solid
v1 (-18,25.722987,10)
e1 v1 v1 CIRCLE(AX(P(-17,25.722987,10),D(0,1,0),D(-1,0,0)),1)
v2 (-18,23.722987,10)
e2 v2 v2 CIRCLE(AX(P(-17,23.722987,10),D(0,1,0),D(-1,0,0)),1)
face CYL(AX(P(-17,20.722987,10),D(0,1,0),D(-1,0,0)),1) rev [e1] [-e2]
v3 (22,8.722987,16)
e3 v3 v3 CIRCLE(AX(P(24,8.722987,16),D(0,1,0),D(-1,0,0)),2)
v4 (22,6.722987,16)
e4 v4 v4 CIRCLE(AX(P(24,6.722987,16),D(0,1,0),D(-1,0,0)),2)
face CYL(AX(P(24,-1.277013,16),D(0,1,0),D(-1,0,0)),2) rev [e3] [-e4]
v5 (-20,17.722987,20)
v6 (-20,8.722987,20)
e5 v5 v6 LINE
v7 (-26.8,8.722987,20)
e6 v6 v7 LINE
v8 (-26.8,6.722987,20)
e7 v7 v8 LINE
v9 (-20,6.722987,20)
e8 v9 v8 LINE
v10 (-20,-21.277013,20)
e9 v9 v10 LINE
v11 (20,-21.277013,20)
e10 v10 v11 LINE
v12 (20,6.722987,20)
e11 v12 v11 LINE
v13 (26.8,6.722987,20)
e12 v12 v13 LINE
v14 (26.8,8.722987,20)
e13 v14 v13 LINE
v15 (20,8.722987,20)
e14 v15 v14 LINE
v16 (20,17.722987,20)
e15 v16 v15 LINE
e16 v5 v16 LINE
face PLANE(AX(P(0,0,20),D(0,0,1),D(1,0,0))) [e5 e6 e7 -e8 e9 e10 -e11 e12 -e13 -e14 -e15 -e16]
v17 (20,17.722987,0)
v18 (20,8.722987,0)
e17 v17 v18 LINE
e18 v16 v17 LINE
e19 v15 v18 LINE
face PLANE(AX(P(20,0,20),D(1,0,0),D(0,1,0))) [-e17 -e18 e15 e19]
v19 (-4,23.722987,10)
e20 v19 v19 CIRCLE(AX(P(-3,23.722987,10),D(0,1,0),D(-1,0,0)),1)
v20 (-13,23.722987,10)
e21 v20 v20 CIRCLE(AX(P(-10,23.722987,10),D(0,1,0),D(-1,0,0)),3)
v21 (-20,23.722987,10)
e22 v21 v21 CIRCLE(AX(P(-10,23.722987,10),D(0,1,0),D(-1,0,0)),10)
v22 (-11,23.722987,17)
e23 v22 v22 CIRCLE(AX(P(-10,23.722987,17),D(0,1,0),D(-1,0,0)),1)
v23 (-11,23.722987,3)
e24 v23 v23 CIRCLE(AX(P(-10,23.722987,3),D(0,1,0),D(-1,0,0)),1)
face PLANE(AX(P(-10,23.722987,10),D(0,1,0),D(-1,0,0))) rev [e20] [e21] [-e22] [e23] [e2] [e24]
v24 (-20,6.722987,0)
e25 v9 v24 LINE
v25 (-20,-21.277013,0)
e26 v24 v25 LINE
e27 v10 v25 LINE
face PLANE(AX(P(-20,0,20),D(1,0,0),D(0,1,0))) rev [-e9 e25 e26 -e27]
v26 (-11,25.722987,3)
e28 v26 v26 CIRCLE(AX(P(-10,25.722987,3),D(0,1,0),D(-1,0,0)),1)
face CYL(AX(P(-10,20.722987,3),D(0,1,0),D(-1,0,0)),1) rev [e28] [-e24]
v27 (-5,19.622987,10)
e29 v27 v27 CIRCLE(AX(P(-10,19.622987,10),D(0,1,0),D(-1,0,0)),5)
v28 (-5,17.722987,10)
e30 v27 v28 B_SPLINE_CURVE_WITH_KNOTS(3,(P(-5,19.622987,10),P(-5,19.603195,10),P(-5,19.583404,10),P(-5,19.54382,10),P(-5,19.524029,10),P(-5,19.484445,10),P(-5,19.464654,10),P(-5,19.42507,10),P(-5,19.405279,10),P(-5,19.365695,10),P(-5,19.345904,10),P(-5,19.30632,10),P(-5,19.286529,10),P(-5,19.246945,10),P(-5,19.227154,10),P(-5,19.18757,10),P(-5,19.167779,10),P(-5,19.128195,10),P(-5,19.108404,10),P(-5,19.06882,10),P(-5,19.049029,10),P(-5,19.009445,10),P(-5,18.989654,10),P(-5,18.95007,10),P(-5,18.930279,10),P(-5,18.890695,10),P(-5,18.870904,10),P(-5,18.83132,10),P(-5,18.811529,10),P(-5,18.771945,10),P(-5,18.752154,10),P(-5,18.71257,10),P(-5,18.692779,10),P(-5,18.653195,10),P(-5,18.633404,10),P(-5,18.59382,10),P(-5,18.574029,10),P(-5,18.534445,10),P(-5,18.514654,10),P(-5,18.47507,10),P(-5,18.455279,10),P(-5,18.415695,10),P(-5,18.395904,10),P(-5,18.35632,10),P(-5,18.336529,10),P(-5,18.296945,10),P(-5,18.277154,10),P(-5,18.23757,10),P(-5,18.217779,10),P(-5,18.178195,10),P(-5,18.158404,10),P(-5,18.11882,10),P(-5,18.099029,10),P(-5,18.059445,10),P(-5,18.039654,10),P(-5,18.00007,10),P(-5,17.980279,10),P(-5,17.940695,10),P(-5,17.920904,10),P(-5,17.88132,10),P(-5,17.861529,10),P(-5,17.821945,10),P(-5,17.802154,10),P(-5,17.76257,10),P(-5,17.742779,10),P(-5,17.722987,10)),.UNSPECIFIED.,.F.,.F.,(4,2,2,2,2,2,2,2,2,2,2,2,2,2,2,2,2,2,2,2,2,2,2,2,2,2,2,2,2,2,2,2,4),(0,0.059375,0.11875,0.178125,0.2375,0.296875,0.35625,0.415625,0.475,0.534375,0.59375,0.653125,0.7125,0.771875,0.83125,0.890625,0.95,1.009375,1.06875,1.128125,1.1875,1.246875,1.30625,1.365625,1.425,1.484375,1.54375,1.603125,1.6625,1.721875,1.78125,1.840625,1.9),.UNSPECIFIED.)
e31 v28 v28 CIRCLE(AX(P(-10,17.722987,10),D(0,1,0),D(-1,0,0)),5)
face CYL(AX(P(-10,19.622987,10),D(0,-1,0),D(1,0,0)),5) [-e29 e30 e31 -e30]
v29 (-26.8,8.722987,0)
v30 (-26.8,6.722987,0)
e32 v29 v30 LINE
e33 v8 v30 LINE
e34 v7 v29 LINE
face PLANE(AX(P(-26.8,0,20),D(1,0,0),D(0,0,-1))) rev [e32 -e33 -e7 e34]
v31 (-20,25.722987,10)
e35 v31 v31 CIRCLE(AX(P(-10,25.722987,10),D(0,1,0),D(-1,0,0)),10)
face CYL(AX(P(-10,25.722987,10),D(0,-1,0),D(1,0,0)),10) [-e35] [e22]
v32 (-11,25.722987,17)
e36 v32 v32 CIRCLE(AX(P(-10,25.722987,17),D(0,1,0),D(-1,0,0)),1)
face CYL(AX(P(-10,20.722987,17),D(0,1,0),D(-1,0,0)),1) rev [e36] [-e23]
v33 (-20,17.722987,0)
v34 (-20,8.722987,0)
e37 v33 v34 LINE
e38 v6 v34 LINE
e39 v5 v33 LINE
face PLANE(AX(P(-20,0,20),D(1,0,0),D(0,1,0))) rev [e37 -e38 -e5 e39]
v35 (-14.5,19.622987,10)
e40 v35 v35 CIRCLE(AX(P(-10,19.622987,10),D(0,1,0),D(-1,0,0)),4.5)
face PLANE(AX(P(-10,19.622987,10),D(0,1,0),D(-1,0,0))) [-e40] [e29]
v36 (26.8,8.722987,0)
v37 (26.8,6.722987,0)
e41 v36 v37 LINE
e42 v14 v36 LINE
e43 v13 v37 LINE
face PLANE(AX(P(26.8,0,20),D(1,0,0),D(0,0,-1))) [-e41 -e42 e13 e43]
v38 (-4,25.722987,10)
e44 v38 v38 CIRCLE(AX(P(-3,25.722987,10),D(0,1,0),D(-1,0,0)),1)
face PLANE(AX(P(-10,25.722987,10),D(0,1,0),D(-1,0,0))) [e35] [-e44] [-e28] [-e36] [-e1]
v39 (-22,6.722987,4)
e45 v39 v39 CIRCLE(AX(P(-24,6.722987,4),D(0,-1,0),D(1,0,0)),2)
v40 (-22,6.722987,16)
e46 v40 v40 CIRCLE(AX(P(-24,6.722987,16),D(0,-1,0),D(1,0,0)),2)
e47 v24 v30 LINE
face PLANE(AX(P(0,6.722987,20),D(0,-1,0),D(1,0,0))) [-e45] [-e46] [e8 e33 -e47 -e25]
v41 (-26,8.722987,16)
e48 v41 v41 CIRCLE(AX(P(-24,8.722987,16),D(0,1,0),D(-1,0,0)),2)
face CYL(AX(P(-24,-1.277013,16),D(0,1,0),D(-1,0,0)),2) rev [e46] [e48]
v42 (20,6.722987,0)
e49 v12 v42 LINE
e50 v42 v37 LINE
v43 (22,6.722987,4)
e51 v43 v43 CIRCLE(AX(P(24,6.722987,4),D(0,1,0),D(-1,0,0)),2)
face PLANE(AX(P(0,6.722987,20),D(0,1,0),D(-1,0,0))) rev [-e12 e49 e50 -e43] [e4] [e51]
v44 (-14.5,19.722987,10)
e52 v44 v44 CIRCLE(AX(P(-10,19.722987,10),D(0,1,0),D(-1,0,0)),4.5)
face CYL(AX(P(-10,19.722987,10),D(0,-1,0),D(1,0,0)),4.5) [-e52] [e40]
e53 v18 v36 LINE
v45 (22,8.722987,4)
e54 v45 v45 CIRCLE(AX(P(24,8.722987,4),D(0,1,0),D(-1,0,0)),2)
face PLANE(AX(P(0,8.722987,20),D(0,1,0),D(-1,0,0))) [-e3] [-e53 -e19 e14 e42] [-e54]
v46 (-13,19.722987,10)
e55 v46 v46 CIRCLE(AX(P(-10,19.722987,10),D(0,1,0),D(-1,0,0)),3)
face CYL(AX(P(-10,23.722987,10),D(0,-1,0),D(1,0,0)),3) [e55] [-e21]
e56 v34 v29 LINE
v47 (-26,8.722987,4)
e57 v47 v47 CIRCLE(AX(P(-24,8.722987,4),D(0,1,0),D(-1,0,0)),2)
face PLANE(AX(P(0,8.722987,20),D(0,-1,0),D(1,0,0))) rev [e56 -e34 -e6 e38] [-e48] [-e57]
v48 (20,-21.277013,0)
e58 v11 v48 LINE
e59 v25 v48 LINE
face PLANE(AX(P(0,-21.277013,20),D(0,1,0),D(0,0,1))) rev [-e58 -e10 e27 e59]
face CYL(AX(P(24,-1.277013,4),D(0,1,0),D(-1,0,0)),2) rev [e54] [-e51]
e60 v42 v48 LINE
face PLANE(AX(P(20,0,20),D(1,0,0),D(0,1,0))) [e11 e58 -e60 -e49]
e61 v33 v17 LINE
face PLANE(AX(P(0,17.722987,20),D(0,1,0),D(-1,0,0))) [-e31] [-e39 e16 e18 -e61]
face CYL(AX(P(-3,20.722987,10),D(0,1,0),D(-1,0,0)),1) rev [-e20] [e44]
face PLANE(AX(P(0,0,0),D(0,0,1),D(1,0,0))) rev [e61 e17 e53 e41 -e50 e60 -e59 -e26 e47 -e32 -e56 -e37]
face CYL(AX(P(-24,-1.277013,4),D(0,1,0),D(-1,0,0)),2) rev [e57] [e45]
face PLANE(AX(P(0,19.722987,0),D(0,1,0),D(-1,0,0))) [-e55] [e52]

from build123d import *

# Parameters (mm, degrees)
SKETCH1_W           = 6.8
SKETCH1_H           = 2
SKETCH1_W_2         = 40
SKETCH1_H_2         = 39
BOSS_EXTRUDE1_DEPTH = 20
SKETCH2_R           = 4.5
BOSS_EXTRUDE2_DEPTH = 2
SKETCH3_R           = 5
BOSS_EXTRUDE3_DEPTH = 1.9
SKETCH4_R           = 3
BOSS_EXTRUDE4_DEPTH = 4
SKETCH5_R           = 10
BOSS_EXTRUDE5_DEPTH = 2
SKETCH6_R           = 2
CUT_EXTRUDE1_DEPTH  = 10
SKETCH7_R           = 2
CUT_EXTRUDE2_DEPTH  = 10
CUT_EXTRUDE3_DEPTH  = 5


with BuildPart() as part:
    # Sketch1 → Boss-Extrude1 (new body)
    with BuildSketch(Plane.XY):
        with Locations((-23.4, 7.722986842)):
            Rectangle(SKETCH1_W, SKETCH1_H)
        with Locations((0, -1.777013158)):
            Rectangle(SKETCH1_W_2, SKETCH1_H_2)
        with Locations((23.4, 7.722986842)):
            Rectangle(SKETCH1_W, SKETCH1_H)
    extrude(amount=BOSS_EXTRUDE1_DEPTH)

    # Sketch2 → Boss-Extrude2 (add)
    with BuildSketch(Plane(origin=(0, 17.722986842, 0), x_dir=(1, 0, 0), z_dir=(0, 1, 0))):
        with Locations(Location((-10, -10, 0), (0, 0, 180))):
            Circle(SKETCH2_R)
    extrude(amount=BOSS_EXTRUDE2_DEPTH)

    # Sketch3 → Boss-Extrude3 (add)
    with BuildSketch(Plane(origin=(0, 17.722986842, 0), x_dir=(1, 0, 0), z_dir=(0, 1, 0))):
        with Locations((-10, -10)):
            Circle(SKETCH3_R)
    extrude(amount=BOSS_EXTRUDE3_DEPTH)

    # Sketch4 → Boss-Extrude4 (add)
    with BuildSketch(Plane(origin=(0, 19.722986842, 0), x_dir=(1, 0, 0), z_dir=(0, 1, 0))):
        with Locations(Location((-10, -10, 0), (0, 0, 180))):
            Circle(SKETCH4_R)
    extrude(amount=BOSS_EXTRUDE4_DEPTH)

    # Sketch5 → Boss-Extrude5 (add)
    with BuildSketch(Plane(origin=(0, 23.722986842, 0), x_dir=(1, 0, 0), z_dir=(0, 1, 0))):
        with Locations(Location((-10, -10, 0), (0, 0, 180))):
            Circle(SKETCH5_R)
    extrude(amount=BOSS_EXTRUDE5_DEPTH)

    # Sketch6 → Cut-Extrude1 (cut)
    with BuildSketch(Plane(origin=(0, 8.722986842, 0), x_dir=(1, 0, 0), z_dir=(0, 1, 0))):
        with Locations(Location((24, -4, 0), (0, 0, 180))):
            Circle(SKETCH6_R)
        with Locations(Location((24, -16, 0), (0, 0, 180))):
            Circle(SKETCH6_R)
    extrude(amount=-CUT_EXTRUDE1_DEPTH, mode=Mode.SUBTRACT)

    # Sketch7 → Cut-Extrude2 (cut)
    with BuildSketch(Plane(origin=(0, 8.722986842, 0), x_dir=(1, 0, 0), z_dir=(0, 1, 0))):
        with Locations(Location((-24, -4, 0), (0, 0, 180))):
            Circle(SKETCH7_R)
        with Locations(Location((-24, -16, 0), (0, 0, 180))):
            Circle(SKETCH7_R)
    extrude(amount=-CUT_EXTRUDE2_DEPTH, mode=Mode.SUBTRACT)

    # Sketch8 → Cut-Extrude3 (cut)
    with BuildSketch(Plane(origin=(0, 25.722986842, 0), x_dir=(1, 0, 0), z_dir=(0, 1, 0))):
        with BuildLine():
            ThreePointArc((-18, -10), (-17, -11), (-16, -10))
            Line((-16, -10), (-18, -10))
        make_face()
        with BuildLine():
            Line((-18, -10), (-16, -10))
            ThreePointArc((-16, -10), (-17, -9), (-18, -10))
        make_face()
        with BuildLine():
            ThreePointArc((-10, -2), (-11, -3), (-10, -4))
            Line((-10, -4), (-10, -2))
        make_face()
        with BuildLine():
            Line((-10, -2), (-10, -4))
            ThreePointArc((-10, -4), (-9.292893219, -3.707106781), (-9, -3))
            ThreePointArc((-9, -3), (-9.292893219, -2.292893219), (-10, -2))
        make_face()
        with BuildLine():
            ThreePointArc((-2, -10), (-3, -9), (-4, -10))
            Line((-4, -10), (-2, -10))
        make_face()
        with BuildLine():
            Line((-2, -10), (-4, -10))
            ThreePointArc((-4, -10), (-3, -11), (-2, -10))
        make_face()
        with BuildLine():
            ThreePointArc((-9, -17), (-9.292893219, -16.292893219), (-10, -16))
            Line((-10, -16), (-10, -18))
            ThreePointArc((-10, -18), (-9.292893219, -17.707106781), (-9, -17))
        make_face()
        with BuildLine():
            Line((-10, -18), (-10, -16))
            ThreePointArc((-10, -16), (-11, -17), (-10, -18))
        make_face()
    extrude(amount=-CUT_EXTRUDE3_DEPTH, mode=Mode.SUBTRACT)


solid = part.part
